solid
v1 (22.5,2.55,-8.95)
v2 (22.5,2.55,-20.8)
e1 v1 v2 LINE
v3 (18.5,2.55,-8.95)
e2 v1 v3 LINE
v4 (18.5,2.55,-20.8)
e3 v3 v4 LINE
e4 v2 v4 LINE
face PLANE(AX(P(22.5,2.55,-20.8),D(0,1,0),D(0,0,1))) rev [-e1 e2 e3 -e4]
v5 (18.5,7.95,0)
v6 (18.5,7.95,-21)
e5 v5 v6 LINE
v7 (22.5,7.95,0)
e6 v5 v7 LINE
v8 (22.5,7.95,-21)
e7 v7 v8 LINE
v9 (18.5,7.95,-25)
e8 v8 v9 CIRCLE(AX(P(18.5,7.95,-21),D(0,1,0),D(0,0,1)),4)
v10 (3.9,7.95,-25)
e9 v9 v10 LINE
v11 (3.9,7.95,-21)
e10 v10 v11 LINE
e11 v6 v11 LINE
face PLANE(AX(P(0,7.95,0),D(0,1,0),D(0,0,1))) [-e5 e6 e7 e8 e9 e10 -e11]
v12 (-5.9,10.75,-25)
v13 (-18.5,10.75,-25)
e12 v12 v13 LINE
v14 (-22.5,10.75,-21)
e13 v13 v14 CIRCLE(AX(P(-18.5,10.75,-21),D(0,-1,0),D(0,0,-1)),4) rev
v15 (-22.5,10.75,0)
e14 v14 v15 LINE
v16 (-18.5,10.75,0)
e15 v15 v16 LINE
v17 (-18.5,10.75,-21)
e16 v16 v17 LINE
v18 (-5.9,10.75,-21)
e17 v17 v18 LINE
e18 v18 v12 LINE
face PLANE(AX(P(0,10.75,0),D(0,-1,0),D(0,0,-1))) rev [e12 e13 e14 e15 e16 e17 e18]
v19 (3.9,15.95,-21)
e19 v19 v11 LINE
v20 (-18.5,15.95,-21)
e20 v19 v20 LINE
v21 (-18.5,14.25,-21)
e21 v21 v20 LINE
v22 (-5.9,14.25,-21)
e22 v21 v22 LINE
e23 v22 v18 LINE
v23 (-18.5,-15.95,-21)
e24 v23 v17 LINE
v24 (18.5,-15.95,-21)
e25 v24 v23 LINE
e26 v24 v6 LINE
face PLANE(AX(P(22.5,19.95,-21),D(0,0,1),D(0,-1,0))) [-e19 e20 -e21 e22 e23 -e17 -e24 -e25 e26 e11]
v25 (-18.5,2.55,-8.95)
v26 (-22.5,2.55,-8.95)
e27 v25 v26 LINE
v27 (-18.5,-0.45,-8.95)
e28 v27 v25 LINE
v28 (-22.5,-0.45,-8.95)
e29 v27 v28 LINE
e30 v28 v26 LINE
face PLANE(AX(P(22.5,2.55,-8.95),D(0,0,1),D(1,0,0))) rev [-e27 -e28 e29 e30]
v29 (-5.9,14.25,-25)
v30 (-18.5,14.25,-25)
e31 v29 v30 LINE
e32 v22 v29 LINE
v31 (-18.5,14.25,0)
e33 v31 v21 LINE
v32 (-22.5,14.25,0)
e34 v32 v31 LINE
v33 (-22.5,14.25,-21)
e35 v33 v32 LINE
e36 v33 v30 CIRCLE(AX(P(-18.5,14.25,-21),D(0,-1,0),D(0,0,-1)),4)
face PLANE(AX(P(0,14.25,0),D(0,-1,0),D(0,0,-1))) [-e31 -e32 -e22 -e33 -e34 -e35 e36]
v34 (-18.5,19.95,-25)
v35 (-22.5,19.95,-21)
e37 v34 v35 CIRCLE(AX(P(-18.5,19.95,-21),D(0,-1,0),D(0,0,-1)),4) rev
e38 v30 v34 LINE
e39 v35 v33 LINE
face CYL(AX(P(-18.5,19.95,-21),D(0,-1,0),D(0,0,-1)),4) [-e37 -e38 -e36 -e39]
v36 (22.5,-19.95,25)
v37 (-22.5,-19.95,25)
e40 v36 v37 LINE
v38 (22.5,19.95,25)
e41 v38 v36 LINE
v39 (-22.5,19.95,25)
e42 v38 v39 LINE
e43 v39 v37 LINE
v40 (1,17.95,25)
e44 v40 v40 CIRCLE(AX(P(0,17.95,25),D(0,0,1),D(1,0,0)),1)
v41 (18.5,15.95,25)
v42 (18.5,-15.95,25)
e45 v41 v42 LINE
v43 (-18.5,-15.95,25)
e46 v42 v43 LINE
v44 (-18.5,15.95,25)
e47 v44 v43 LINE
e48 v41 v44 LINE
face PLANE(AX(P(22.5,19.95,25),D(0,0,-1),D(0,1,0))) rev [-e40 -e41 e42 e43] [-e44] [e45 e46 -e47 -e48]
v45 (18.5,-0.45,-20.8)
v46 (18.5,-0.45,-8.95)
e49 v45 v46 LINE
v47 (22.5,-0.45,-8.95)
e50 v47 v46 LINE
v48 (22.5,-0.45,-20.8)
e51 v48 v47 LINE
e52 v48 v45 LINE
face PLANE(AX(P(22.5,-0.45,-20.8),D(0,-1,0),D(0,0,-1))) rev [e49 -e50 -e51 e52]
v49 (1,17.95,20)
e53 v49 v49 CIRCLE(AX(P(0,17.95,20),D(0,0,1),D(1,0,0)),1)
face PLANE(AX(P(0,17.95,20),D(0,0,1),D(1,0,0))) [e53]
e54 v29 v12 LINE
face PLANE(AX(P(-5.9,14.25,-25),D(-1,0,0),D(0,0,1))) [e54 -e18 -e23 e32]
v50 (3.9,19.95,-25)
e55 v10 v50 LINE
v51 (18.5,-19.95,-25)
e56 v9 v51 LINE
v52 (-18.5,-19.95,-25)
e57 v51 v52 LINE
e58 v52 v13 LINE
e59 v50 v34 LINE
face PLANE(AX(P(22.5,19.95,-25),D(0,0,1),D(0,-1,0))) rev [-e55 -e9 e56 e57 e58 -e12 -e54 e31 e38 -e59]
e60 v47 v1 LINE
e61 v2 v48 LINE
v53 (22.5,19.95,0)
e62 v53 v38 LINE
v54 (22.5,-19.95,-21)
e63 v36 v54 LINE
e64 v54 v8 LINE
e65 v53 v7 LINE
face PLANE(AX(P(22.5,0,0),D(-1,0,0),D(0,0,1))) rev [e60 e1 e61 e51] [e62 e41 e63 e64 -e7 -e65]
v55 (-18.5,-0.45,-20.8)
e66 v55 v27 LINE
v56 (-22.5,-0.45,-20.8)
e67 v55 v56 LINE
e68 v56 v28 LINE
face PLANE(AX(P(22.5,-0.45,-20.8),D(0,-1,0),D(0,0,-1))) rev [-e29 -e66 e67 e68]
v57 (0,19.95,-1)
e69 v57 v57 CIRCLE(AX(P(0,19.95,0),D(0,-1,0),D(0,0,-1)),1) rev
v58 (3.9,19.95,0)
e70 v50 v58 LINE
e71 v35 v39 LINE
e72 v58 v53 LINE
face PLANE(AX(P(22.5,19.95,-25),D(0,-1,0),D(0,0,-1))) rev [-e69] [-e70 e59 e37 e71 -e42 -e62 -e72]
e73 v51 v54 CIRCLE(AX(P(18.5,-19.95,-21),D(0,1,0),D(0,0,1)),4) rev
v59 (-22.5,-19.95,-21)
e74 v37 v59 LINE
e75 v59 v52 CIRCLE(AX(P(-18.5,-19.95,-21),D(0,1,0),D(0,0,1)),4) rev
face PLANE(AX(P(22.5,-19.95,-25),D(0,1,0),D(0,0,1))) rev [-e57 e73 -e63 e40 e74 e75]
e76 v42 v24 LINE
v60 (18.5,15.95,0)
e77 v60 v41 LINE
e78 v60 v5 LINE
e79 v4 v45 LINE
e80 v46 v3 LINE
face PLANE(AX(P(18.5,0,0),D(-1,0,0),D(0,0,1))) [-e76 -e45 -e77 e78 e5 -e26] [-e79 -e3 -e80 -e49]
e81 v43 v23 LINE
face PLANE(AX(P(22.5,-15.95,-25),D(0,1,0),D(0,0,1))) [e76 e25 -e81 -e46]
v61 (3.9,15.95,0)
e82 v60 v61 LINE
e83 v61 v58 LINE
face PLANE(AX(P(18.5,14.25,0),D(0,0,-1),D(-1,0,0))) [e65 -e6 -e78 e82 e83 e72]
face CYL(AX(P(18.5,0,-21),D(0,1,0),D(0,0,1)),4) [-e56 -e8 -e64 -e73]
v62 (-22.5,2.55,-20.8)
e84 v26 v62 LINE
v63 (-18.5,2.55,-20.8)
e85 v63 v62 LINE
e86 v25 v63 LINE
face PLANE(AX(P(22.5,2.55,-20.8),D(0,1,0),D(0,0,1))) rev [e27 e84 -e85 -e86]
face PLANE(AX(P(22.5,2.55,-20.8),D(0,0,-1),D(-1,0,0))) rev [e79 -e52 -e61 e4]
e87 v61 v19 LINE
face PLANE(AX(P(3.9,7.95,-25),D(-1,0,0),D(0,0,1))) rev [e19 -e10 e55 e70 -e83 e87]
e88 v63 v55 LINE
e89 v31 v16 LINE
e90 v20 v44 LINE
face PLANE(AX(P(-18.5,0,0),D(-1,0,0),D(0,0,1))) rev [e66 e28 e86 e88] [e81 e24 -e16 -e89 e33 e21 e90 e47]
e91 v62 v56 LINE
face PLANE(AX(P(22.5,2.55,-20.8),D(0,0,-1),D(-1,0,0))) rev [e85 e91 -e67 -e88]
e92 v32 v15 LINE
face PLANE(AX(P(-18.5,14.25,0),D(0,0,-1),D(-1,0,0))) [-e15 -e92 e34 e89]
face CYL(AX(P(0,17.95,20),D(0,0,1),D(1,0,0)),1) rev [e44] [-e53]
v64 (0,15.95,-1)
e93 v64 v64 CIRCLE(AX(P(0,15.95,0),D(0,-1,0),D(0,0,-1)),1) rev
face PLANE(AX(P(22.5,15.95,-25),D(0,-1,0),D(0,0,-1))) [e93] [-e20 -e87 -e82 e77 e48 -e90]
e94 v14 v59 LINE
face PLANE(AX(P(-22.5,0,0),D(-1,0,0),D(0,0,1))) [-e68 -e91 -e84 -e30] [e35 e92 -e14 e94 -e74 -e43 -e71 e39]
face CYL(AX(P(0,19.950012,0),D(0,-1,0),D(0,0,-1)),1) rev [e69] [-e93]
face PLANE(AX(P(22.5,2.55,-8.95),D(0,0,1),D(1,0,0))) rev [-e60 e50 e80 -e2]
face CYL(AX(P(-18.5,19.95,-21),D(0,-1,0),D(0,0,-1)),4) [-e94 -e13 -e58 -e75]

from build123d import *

# Parameters (mm, degrees)
CROQUIS1_W                        = 50
CROQUIS1_H                        = 39.9
SALIENTE_EXTRUIR1_DEPTH           = 22.5
VACIADO1_T                        = -4
CORTAR_EXTRUIR1_START             = -9.2
CORTAR_EXTRUIR1_DEPTH             = 3.5
CORTAR_EXTRUIR3_REACH             = 41.9
CROQUIS4_R                        = 1
CORTAR_EXTRUIR3_DIRECTION_2_DEPTH = 1
CROQUIS5_R                        = 1
CORTAR_EXTRUIR4_DEPTH             = 5
CORTAR_EXTRUIR5_DEPTH             = 12
CROQUIS8_W                        = 11.85
CROQUIS8_H                        = 3
CORTAR_EXTRUIR6_DEPTH             = 1
CORTAR_EXTRUIR6_DEPTH_BACK        = 46
REDONDEO1_R                       = 4


with BuildPart() as part:
    # Croquis1 → Saliente-Extruir1 (new body, symmetric)
    with BuildSketch(Plane(origin=(0, 0, 0), x_dir=(0, 0, -1), z_dir=(1, 0, 0))):
        Rectangle(CROQUIS1_W, CROQUIS1_H)
    extrude(amount=SALIENTE_EXTRUIR1_DEPTH, both=True)

    # Vaciado1
    vaciado1_openings = [part.faces().sort_by_distance(p)[0] for p in [
        (0, 0, 25),
    ]]
    offset(amount=VACIADO1_T, openings=vaciado1_openings, kind=Kind.INTERSECTION)

    # Croquis2 → Cortar-Extruir1 (cut)
    with BuildSketch(Plane(origin=(0, 19.95, 0), x_dir=(1, 0, 0), z_dir=(0, 1, 0)).offset(CORTAR_EXTRUIR1_START)):
        Polygon((-22.5, 25), (-5.9, 25), (-5.9, 21), (-18.5, 21), (-18.5, 0), (-22.5, 0), align=None)
        Polygon((18.5, 0), (22.5, 0), (22.5, 25), (5.9, 25), (5.9, 21), (18.5, 21), align=None)
    extrude(amount=CORTAR_EXTRUIR1_DEPTH, mode=Mode.SUBTRACT)

    # Croquis4 → Cortar-Extruir3 (cut, up to next)
    with BuildSketch(Plane(origin=(0, 19.95, 0), x_dir=(1, 0, 0), z_dir=(0, 1, 0)), mode=Mode.PRIVATE) as cortar_extruir3_sk1:
        Circle(CROQUIS4_R)
    cortar_extruir3_tool1 = extrude(cortar_extruir3_sk1.sketch, amount=-CORTAR_EXTRUIR3_REACH, mode=Mode.PRIVATE) & part.part
    add(cortar_extruir3_tool1.solids().sort_by_distance((0, 19.95, 0))[0], mode=Mode.SUBTRACT)

    # Croquis4 → Cortar-Extruir3 direction 2 (cut)
    with BuildSketch(Plane(origin=(0, 19.95, 0), x_dir=(1, 0, 0), z_dir=(0, 1, 0))):
        Circle(CROQUIS4_R)
    extrude(amount=CORTAR_EXTRUIR3_DIRECTION_2_DEPTH, mode=Mode.SUBTRACT)

    # Croquis5 → Cortar-Extruir4 (cut)
    with BuildSketch(Plane.XY.offset(25)):
        with Locations((0, 17.95)):
            Circle(CROQUIS5_R)
    extrude(amount=-CORTAR_EXTRUIR4_DEPTH, mode=Mode.SUBTRACT)

    # Croquis7 → Cortar-Extruir5 (cut)
    with BuildSketch(Plane(origin=(0, 19.95, 0), x_dir=(1, 0, 0), z_dir=(0, 1, 0))):
        Polygon((5.9, 0), (18.5, 0), (22.5, 0), (22.5, 25), (5.9, 25), (3.9, 25), (3.9, 0), align=None)
    extrude(amount=-CORTAR_EXTRUIR5_DEPTH, mode=Mode.SUBTRACT)

    # Croquis8 → Cortar-Extruir6 (cut, two sides)
    with BuildSketch(Plane.ZY.offset(22.5)) as cortar_extruir6_sk:
        with Locations((-14.875, 1.05)):
            Rectangle(CROQUIS8_W, CROQUIS8_H)
    extrude(amount=CORTAR_EXTRUIR6_DEPTH, mode=Mode.SUBTRACT)
    extrude(cortar_extruir6_sk.sketch, amount=-CORTAR_EXTRUIR6_DEPTH_BACK, mode=Mode.SUBTRACT)

    # Redondeo1
    redondeo1_edges = [part.edges().sort_by_distance(p)[0] for p in [
        (-22.5, 17.1, -25),
        (22.5, -6, -25),
        (-22.5, -4.6, -25),
    ]]
    fillet(redondeo1_edges, radius=REDONDEO1_R)


solid = part.part
